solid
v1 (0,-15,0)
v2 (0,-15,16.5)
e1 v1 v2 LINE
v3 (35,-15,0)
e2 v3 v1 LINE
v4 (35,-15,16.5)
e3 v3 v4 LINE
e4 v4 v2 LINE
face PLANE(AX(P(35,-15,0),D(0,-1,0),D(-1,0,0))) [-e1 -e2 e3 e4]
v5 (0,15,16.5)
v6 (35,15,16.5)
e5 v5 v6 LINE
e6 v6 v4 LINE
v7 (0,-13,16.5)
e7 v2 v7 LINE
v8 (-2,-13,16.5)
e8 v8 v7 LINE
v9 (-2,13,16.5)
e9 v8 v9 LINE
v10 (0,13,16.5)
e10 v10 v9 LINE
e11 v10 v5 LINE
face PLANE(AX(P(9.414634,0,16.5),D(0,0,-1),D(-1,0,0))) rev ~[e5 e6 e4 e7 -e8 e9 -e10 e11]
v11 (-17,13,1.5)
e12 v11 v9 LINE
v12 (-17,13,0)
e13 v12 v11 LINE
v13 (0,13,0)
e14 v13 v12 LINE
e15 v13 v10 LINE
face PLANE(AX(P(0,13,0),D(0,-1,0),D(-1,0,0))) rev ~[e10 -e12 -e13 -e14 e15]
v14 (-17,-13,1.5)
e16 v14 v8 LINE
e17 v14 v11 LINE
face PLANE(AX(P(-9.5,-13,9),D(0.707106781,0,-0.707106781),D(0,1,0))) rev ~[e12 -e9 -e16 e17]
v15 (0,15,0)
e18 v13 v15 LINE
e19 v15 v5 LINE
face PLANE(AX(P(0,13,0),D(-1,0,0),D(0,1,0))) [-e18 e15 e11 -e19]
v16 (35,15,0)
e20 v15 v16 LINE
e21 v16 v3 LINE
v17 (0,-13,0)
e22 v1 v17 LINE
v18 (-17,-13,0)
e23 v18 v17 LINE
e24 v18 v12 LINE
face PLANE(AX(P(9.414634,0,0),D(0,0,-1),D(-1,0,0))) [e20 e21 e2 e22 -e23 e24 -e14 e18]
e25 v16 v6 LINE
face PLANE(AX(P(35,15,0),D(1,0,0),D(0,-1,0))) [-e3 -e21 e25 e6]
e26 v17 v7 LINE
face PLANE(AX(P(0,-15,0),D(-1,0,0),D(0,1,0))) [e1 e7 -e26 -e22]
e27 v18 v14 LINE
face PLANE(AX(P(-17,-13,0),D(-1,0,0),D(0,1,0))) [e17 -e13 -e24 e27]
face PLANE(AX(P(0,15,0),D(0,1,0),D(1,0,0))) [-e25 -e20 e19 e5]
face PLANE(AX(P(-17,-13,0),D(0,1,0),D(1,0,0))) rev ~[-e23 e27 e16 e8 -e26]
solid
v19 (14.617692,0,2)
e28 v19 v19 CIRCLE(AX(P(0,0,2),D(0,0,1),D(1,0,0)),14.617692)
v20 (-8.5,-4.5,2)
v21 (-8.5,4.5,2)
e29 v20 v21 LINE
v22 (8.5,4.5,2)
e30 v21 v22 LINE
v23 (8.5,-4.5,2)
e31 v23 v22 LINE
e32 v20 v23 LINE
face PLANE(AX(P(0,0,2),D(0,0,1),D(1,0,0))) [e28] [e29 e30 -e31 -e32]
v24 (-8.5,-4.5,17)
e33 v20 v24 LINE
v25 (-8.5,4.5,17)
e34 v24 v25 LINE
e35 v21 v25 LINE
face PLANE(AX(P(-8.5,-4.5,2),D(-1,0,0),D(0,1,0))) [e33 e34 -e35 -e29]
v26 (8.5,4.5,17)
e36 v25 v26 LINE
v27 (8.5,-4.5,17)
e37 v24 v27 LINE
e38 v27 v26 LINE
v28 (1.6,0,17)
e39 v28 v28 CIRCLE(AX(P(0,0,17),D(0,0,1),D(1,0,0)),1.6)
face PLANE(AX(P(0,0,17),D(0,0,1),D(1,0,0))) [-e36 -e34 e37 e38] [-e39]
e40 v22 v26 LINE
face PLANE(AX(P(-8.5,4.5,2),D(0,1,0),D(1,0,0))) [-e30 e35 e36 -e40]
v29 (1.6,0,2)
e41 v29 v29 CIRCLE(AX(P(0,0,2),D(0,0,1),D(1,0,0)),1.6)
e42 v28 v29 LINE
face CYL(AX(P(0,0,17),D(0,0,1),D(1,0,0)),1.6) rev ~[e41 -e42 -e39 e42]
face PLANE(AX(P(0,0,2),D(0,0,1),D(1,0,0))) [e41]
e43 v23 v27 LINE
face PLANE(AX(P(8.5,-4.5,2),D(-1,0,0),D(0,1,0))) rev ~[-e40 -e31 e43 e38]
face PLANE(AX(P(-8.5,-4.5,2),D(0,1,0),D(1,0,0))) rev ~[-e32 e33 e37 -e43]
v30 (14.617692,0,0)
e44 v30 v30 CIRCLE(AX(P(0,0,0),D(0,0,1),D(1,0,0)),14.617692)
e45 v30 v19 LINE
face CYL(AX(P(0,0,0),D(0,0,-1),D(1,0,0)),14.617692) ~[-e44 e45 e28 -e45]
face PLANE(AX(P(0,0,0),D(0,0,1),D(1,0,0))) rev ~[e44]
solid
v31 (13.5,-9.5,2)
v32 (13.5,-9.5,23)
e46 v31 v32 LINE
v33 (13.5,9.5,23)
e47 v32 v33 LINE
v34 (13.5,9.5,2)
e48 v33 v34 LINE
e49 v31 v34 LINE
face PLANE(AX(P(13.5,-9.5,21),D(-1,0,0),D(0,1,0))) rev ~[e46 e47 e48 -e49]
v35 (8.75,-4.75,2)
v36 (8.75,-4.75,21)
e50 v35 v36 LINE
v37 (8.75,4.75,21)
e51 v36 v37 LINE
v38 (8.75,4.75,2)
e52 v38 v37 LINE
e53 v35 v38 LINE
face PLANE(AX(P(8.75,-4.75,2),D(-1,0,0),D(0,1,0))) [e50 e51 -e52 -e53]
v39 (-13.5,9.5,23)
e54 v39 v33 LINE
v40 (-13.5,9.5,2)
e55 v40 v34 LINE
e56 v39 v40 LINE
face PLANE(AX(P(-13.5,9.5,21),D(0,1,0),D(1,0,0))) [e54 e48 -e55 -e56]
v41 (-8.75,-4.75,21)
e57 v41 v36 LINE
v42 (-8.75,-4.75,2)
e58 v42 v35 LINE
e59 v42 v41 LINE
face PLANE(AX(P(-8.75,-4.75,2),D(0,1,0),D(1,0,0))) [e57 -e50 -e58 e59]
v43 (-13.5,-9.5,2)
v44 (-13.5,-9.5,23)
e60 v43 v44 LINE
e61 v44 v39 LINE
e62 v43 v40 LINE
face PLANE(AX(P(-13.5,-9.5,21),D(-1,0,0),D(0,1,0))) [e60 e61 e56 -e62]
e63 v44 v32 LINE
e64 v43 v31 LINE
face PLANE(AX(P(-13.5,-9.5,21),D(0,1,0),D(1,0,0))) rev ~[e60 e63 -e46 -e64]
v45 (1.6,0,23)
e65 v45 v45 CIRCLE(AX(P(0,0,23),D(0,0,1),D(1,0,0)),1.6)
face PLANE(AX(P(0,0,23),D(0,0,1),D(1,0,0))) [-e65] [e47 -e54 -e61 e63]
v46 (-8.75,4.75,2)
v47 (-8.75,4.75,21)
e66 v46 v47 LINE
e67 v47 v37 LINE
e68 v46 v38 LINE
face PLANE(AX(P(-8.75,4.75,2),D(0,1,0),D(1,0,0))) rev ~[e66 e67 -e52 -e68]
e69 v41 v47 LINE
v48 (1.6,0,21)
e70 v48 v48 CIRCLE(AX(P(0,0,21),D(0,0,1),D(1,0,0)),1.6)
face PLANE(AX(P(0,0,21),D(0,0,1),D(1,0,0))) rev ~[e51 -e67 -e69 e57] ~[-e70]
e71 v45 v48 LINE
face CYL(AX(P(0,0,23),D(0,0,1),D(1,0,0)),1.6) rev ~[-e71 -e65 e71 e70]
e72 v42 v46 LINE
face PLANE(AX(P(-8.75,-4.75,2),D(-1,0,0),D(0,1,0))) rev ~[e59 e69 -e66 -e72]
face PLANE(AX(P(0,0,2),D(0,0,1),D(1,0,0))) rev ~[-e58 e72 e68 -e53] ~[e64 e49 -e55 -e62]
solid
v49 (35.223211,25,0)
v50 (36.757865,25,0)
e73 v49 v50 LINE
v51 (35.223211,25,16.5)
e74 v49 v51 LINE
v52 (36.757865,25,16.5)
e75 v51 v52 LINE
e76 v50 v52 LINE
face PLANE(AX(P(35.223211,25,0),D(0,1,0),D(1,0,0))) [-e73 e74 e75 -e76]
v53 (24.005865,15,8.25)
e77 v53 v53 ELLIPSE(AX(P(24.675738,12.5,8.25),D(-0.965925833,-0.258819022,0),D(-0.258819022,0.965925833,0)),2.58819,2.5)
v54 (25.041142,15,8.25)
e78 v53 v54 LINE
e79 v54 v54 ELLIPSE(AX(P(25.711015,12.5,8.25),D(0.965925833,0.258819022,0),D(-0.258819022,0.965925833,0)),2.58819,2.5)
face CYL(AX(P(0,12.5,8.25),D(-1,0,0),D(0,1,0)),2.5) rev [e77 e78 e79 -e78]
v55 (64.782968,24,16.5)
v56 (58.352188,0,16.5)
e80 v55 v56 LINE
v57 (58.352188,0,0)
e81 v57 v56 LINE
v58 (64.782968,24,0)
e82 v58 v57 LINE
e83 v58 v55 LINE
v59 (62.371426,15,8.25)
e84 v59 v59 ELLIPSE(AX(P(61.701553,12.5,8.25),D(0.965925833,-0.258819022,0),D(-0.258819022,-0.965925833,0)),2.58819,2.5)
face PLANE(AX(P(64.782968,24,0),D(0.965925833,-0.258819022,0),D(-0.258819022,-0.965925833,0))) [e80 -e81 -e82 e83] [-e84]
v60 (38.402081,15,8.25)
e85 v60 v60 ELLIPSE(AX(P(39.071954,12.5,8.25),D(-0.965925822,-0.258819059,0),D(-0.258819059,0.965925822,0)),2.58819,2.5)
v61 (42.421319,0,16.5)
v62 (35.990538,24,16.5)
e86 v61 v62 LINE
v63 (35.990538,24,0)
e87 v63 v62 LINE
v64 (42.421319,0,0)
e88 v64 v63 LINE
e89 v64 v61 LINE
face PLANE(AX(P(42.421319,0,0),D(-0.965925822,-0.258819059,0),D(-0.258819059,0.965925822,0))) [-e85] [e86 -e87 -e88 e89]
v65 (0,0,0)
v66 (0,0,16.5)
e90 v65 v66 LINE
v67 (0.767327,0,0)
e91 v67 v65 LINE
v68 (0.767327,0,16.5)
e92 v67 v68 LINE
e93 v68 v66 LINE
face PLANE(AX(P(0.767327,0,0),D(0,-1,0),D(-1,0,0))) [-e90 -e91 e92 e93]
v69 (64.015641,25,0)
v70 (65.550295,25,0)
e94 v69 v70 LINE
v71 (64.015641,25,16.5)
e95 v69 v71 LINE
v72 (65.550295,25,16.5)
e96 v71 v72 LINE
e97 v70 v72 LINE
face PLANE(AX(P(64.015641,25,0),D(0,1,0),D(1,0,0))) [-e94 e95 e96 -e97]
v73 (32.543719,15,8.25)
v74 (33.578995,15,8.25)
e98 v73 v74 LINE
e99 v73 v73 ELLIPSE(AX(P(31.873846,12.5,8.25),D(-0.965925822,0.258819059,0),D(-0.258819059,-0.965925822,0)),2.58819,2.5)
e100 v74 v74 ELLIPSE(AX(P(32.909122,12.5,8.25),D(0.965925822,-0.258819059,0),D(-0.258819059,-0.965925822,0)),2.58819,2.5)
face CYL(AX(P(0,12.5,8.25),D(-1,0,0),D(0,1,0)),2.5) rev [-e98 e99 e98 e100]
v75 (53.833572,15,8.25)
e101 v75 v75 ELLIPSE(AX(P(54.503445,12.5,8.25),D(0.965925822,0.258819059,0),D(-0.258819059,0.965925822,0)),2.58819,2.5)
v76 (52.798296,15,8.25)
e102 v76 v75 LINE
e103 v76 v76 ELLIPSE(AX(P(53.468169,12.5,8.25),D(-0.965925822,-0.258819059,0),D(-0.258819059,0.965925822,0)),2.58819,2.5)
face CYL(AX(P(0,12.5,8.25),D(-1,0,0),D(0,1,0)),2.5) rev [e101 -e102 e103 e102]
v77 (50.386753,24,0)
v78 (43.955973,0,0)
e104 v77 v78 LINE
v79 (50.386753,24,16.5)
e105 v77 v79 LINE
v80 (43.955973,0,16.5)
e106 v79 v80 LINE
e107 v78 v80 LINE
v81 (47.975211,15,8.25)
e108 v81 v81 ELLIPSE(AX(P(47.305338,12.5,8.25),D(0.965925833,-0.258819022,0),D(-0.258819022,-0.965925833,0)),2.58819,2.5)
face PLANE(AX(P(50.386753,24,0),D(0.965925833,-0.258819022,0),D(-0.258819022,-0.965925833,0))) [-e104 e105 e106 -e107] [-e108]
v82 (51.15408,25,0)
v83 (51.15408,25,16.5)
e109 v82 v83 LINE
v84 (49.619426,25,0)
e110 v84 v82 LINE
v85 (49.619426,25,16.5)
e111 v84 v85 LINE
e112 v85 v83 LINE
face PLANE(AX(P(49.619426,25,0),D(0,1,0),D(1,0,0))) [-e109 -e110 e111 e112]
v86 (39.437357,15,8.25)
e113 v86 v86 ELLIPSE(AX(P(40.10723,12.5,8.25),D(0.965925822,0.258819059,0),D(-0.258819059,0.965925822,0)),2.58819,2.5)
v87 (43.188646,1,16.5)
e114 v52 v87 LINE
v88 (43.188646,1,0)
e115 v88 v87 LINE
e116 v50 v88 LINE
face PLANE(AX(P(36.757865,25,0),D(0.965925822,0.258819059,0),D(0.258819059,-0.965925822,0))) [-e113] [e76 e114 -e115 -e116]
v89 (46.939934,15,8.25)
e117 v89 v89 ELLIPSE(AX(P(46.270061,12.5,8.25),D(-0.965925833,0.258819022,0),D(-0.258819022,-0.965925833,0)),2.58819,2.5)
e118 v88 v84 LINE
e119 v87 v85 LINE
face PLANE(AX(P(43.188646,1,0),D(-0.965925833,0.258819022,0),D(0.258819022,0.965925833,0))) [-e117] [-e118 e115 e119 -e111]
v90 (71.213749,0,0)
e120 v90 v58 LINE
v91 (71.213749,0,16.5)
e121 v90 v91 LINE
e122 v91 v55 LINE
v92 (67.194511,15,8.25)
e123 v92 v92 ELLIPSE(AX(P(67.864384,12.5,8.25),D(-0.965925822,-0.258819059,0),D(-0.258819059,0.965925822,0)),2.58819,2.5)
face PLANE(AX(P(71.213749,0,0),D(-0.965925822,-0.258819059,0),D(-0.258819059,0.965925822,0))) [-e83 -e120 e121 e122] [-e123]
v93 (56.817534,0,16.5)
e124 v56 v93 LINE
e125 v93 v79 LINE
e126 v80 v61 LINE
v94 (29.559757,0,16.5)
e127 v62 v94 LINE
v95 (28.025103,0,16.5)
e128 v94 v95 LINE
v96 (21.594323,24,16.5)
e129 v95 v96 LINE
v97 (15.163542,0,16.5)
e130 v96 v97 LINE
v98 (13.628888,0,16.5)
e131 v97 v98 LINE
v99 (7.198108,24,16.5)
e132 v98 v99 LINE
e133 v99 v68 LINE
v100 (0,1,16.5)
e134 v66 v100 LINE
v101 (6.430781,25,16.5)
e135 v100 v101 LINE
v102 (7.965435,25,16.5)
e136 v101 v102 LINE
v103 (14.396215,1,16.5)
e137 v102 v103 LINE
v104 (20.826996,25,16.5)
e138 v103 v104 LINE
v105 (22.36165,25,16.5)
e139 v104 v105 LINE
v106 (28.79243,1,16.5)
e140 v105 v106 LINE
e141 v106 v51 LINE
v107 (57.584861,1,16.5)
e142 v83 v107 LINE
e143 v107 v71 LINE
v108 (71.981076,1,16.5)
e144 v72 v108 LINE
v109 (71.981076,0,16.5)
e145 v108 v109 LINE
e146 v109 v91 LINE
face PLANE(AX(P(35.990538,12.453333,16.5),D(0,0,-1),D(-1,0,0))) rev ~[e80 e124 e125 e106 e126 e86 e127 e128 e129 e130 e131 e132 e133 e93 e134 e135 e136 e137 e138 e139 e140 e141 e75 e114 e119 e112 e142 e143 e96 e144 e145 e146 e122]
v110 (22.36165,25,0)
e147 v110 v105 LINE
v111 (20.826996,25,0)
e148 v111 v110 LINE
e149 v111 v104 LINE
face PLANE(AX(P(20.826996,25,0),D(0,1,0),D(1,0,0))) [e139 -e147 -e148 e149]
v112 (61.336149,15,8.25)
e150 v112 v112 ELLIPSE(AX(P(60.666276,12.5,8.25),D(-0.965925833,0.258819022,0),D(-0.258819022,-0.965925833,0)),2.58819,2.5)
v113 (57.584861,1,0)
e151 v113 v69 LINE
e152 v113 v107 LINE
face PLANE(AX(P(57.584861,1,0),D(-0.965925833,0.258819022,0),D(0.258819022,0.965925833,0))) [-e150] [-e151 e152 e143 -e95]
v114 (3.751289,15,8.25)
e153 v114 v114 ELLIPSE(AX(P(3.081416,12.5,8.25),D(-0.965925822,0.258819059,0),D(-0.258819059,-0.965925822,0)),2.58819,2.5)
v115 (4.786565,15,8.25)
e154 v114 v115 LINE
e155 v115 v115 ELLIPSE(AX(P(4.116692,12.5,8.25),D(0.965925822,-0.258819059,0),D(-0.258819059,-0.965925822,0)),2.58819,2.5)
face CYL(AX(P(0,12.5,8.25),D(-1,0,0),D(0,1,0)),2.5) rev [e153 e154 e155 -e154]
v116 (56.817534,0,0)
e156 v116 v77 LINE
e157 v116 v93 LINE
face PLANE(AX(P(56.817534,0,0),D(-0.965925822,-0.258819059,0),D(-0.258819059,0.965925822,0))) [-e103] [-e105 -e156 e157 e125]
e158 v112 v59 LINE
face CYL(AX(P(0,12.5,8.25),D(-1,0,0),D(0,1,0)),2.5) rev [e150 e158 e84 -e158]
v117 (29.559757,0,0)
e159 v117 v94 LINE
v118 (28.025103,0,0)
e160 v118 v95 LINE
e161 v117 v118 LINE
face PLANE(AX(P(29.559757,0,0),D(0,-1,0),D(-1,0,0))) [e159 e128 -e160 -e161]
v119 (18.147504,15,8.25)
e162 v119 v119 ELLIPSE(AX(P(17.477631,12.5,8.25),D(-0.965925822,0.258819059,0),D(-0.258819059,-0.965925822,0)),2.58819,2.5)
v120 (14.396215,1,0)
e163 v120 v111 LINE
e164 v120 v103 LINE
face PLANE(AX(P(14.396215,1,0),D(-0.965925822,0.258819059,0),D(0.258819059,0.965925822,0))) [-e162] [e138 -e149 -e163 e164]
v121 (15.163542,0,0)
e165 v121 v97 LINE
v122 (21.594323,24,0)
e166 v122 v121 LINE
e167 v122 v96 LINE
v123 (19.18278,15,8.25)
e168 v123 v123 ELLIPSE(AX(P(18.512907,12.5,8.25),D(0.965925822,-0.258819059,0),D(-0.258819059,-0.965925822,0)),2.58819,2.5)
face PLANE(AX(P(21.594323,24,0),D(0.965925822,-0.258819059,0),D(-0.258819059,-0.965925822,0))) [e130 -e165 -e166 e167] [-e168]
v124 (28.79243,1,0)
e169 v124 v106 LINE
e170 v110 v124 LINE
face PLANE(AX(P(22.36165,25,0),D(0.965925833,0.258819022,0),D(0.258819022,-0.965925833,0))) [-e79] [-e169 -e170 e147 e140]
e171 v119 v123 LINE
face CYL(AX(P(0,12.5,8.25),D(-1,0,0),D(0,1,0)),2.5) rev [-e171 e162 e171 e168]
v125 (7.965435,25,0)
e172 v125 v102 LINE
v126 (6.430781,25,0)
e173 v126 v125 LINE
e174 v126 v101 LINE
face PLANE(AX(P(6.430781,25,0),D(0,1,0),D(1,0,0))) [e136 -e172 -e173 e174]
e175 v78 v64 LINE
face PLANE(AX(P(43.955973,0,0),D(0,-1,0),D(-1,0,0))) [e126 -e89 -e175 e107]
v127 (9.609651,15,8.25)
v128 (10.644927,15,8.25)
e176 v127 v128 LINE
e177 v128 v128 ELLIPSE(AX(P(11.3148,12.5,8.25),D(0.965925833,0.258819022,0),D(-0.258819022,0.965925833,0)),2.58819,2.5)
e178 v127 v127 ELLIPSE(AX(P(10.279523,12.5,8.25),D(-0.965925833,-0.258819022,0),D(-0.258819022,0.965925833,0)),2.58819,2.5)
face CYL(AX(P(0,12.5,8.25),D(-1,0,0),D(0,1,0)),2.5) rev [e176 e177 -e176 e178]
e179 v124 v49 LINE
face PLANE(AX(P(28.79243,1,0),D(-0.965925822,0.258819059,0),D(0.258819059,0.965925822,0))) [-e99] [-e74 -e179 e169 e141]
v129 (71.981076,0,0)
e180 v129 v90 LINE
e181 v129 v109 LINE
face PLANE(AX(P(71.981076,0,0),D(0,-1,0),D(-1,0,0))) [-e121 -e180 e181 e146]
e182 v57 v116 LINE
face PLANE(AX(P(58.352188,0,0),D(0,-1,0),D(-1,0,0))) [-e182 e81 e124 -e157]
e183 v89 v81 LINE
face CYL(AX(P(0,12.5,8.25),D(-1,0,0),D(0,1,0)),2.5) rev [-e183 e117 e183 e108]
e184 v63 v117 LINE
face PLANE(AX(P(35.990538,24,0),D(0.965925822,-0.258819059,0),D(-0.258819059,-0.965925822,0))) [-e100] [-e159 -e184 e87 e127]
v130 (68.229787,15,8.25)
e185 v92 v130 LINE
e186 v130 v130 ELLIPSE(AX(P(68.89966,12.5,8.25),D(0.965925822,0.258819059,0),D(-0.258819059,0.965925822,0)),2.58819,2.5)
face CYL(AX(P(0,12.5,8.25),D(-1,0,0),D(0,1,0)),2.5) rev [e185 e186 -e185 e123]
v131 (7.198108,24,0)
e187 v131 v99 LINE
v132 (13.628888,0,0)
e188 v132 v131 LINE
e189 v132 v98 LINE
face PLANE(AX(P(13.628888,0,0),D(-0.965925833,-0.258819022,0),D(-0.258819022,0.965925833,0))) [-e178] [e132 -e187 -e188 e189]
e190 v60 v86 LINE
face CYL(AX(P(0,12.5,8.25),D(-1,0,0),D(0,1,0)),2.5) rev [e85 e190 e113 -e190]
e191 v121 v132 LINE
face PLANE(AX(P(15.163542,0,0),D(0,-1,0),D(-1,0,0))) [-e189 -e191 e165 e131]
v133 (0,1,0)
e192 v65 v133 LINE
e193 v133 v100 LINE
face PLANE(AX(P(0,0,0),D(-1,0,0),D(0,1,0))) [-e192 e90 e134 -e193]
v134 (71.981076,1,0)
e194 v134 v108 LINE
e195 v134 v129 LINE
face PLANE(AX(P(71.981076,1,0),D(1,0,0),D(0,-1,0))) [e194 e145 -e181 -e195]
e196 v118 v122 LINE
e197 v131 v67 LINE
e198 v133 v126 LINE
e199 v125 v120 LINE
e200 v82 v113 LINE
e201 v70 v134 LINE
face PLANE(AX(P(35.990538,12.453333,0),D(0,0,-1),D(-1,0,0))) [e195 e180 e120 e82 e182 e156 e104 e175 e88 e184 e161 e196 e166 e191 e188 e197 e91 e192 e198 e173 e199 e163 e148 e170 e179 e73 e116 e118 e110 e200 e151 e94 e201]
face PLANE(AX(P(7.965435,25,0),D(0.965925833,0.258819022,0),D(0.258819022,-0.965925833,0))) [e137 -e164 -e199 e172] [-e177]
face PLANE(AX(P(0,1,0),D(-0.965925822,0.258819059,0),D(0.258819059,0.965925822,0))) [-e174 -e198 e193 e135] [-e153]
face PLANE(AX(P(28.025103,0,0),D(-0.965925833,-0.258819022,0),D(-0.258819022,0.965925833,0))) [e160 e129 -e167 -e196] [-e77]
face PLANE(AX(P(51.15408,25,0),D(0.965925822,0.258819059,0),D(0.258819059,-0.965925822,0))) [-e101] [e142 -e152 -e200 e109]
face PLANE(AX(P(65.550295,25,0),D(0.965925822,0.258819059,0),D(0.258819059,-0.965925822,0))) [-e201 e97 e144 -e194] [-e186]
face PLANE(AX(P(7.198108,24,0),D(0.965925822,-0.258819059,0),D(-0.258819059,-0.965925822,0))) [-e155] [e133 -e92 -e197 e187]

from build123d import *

# Parameters (mm, degrees)
SKETCH_R             = 14.617692
PAD_DEPTH            = 2
SKETCH001_W          = 17
SKETCH001_H          = 9
PAD001_DEPTH         = 15
SKETCH002_R          = 1.6
POCKET_DEPTH         = 15
PAD002_DEPTH         = 16.5
CHAMFER_SIZE         = 15
PAD003_DEPTH         = 16.5
SKETCH010_R          = 2.5
POCKET002_DEPTH      = 0.001
POCKET002_DEPTH_BACK = -71.982076
SKETCH007_W          = 27
SKETCH007_H          = 19
SKETCH007_W_2        = 17.5
SKETCH007_H_2        = 9.5
PAD004_DEPTH         = 19
SKETCH008_W          = 27
SKETCH008_H          = 19
PAD005_DEPTH         = 2
SKETCH009_R          = 1.6
POCKET001_DEPTH      = 21.001


with BuildPart() as bolt:
    # Sketch → Pad (new body)
    with BuildSketch(Plane.XY):
        Circle(SKETCH_R)
    extrude(amount=PAD_DEPTH)

    # Sketch001 (on DatumPlane) → Pad001 (join)
    with BuildSketch(Plane.XY.offset(2)):
        Rectangle(SKETCH001_W, SKETCH001_H)
    extrude(amount=PAD001_DEPTH)

    # Sketch002 (on DatumPlane) → Pocket (cut)
    with BuildSketch(Plane.XY.offset(17)):
        Circle(SKETCH002_R)
    extrude(amount=-POCKET_DEPTH, mode=Mode.SUBTRACT)


with BuildPart() as latch:
    # Sketch003 → Pad002 (new body)
    with BuildSketch(Plane.XY):
        Polygon((-17, 13), (-2, 13), (0, 13), (0, 15), (35, 15), (35, -15), (0, -15), (0, -13), (-2, -13), (-17, -13), align=None)
    extrude(amount=PAD002_DEPTH)

    # Chamfer
    chamfer_edges = [latch.edges().sort_by_distance(p)[0] for p in [
        (-17, 0, 16.5),
    ]]
    chamfer(chamfer_edges, length=CHAMFER_SIZE)


with BuildPart() as spring:
    # Sketch005 → Pad003 (new body)
    with BuildSketch(Plane.XY):
        Polygon((0, 1), (6.430781, 25), (7.965435, 25), (14.396215, 1), (20.826996, 25), (22.36165, 25), (28.79243, 1), (35.223211, 25), (36.757865, 25), (43.188646, 1), (49.619426, 25), (51.15408, 25), (57.584861, 1), (64.015641, 25), (65.550295, 25), (71.981076, 1), (71.981076, 0), (71.213749, 0), (64.782968, 24), (58.352188, 0), (56.817534, 0), (50.386753, 24), (43.955973, 0), (42.421319, 0), (35.990538, 24), (29.559757, 0), (28.025103, 0), (21.594323, 24), (15.163542, 0), (13.628888, 0), (7.198108, 24), (0.767327, 0), (0, 0), align=None)
    extrude(amount=PAD003_DEPTH)

    # Sketch010 → Pocket002 (cut, two sides)
    with BuildSketch(Plane.YZ) as pocket002_sk:
        with Locations((12.5, 8.25)):
            Circle(SKETCH010_R)
    extrude(amount=-POCKET002_DEPTH, mode=Mode.SUBTRACT)
    extrude(pocket002_sk.sketch, amount=-POCKET002_DEPTH_BACK, mode=Mode.SUBTRACT)


with BuildPart() as counterbolt:
    # Sketch007 (on Origin) → Pad004 (new body)
    with BuildSketch(Plane.XY.offset(2)):
        Rectangle(SKETCH007_W, SKETCH007_H)
        Rectangle(SKETCH007_W_2, SKETCH007_H_2, mode=Mode.SUBTRACT)
    extrude(amount=PAD004_DEPTH)

    # Sketch008 (on DatumPlane) → Pad005 (join)
    with BuildSketch(Plane.XY.offset(21)):
        Rectangle(SKETCH008_W, SKETCH008_H)
    extrude(amount=PAD005_DEPTH)

    # Sketch009 (on DatumPlane) → Pocket001 (cut, through all)
    with BuildSketch(Plane.XY.offset(23)):
        Circle(SKETCH009_R)
    extrude(amount=-POCKET001_DEPTH, mode=Mode.SUBTRACT)


solid = Compound([bolt.part, latch.part, spring.part, counterbolt.part])
